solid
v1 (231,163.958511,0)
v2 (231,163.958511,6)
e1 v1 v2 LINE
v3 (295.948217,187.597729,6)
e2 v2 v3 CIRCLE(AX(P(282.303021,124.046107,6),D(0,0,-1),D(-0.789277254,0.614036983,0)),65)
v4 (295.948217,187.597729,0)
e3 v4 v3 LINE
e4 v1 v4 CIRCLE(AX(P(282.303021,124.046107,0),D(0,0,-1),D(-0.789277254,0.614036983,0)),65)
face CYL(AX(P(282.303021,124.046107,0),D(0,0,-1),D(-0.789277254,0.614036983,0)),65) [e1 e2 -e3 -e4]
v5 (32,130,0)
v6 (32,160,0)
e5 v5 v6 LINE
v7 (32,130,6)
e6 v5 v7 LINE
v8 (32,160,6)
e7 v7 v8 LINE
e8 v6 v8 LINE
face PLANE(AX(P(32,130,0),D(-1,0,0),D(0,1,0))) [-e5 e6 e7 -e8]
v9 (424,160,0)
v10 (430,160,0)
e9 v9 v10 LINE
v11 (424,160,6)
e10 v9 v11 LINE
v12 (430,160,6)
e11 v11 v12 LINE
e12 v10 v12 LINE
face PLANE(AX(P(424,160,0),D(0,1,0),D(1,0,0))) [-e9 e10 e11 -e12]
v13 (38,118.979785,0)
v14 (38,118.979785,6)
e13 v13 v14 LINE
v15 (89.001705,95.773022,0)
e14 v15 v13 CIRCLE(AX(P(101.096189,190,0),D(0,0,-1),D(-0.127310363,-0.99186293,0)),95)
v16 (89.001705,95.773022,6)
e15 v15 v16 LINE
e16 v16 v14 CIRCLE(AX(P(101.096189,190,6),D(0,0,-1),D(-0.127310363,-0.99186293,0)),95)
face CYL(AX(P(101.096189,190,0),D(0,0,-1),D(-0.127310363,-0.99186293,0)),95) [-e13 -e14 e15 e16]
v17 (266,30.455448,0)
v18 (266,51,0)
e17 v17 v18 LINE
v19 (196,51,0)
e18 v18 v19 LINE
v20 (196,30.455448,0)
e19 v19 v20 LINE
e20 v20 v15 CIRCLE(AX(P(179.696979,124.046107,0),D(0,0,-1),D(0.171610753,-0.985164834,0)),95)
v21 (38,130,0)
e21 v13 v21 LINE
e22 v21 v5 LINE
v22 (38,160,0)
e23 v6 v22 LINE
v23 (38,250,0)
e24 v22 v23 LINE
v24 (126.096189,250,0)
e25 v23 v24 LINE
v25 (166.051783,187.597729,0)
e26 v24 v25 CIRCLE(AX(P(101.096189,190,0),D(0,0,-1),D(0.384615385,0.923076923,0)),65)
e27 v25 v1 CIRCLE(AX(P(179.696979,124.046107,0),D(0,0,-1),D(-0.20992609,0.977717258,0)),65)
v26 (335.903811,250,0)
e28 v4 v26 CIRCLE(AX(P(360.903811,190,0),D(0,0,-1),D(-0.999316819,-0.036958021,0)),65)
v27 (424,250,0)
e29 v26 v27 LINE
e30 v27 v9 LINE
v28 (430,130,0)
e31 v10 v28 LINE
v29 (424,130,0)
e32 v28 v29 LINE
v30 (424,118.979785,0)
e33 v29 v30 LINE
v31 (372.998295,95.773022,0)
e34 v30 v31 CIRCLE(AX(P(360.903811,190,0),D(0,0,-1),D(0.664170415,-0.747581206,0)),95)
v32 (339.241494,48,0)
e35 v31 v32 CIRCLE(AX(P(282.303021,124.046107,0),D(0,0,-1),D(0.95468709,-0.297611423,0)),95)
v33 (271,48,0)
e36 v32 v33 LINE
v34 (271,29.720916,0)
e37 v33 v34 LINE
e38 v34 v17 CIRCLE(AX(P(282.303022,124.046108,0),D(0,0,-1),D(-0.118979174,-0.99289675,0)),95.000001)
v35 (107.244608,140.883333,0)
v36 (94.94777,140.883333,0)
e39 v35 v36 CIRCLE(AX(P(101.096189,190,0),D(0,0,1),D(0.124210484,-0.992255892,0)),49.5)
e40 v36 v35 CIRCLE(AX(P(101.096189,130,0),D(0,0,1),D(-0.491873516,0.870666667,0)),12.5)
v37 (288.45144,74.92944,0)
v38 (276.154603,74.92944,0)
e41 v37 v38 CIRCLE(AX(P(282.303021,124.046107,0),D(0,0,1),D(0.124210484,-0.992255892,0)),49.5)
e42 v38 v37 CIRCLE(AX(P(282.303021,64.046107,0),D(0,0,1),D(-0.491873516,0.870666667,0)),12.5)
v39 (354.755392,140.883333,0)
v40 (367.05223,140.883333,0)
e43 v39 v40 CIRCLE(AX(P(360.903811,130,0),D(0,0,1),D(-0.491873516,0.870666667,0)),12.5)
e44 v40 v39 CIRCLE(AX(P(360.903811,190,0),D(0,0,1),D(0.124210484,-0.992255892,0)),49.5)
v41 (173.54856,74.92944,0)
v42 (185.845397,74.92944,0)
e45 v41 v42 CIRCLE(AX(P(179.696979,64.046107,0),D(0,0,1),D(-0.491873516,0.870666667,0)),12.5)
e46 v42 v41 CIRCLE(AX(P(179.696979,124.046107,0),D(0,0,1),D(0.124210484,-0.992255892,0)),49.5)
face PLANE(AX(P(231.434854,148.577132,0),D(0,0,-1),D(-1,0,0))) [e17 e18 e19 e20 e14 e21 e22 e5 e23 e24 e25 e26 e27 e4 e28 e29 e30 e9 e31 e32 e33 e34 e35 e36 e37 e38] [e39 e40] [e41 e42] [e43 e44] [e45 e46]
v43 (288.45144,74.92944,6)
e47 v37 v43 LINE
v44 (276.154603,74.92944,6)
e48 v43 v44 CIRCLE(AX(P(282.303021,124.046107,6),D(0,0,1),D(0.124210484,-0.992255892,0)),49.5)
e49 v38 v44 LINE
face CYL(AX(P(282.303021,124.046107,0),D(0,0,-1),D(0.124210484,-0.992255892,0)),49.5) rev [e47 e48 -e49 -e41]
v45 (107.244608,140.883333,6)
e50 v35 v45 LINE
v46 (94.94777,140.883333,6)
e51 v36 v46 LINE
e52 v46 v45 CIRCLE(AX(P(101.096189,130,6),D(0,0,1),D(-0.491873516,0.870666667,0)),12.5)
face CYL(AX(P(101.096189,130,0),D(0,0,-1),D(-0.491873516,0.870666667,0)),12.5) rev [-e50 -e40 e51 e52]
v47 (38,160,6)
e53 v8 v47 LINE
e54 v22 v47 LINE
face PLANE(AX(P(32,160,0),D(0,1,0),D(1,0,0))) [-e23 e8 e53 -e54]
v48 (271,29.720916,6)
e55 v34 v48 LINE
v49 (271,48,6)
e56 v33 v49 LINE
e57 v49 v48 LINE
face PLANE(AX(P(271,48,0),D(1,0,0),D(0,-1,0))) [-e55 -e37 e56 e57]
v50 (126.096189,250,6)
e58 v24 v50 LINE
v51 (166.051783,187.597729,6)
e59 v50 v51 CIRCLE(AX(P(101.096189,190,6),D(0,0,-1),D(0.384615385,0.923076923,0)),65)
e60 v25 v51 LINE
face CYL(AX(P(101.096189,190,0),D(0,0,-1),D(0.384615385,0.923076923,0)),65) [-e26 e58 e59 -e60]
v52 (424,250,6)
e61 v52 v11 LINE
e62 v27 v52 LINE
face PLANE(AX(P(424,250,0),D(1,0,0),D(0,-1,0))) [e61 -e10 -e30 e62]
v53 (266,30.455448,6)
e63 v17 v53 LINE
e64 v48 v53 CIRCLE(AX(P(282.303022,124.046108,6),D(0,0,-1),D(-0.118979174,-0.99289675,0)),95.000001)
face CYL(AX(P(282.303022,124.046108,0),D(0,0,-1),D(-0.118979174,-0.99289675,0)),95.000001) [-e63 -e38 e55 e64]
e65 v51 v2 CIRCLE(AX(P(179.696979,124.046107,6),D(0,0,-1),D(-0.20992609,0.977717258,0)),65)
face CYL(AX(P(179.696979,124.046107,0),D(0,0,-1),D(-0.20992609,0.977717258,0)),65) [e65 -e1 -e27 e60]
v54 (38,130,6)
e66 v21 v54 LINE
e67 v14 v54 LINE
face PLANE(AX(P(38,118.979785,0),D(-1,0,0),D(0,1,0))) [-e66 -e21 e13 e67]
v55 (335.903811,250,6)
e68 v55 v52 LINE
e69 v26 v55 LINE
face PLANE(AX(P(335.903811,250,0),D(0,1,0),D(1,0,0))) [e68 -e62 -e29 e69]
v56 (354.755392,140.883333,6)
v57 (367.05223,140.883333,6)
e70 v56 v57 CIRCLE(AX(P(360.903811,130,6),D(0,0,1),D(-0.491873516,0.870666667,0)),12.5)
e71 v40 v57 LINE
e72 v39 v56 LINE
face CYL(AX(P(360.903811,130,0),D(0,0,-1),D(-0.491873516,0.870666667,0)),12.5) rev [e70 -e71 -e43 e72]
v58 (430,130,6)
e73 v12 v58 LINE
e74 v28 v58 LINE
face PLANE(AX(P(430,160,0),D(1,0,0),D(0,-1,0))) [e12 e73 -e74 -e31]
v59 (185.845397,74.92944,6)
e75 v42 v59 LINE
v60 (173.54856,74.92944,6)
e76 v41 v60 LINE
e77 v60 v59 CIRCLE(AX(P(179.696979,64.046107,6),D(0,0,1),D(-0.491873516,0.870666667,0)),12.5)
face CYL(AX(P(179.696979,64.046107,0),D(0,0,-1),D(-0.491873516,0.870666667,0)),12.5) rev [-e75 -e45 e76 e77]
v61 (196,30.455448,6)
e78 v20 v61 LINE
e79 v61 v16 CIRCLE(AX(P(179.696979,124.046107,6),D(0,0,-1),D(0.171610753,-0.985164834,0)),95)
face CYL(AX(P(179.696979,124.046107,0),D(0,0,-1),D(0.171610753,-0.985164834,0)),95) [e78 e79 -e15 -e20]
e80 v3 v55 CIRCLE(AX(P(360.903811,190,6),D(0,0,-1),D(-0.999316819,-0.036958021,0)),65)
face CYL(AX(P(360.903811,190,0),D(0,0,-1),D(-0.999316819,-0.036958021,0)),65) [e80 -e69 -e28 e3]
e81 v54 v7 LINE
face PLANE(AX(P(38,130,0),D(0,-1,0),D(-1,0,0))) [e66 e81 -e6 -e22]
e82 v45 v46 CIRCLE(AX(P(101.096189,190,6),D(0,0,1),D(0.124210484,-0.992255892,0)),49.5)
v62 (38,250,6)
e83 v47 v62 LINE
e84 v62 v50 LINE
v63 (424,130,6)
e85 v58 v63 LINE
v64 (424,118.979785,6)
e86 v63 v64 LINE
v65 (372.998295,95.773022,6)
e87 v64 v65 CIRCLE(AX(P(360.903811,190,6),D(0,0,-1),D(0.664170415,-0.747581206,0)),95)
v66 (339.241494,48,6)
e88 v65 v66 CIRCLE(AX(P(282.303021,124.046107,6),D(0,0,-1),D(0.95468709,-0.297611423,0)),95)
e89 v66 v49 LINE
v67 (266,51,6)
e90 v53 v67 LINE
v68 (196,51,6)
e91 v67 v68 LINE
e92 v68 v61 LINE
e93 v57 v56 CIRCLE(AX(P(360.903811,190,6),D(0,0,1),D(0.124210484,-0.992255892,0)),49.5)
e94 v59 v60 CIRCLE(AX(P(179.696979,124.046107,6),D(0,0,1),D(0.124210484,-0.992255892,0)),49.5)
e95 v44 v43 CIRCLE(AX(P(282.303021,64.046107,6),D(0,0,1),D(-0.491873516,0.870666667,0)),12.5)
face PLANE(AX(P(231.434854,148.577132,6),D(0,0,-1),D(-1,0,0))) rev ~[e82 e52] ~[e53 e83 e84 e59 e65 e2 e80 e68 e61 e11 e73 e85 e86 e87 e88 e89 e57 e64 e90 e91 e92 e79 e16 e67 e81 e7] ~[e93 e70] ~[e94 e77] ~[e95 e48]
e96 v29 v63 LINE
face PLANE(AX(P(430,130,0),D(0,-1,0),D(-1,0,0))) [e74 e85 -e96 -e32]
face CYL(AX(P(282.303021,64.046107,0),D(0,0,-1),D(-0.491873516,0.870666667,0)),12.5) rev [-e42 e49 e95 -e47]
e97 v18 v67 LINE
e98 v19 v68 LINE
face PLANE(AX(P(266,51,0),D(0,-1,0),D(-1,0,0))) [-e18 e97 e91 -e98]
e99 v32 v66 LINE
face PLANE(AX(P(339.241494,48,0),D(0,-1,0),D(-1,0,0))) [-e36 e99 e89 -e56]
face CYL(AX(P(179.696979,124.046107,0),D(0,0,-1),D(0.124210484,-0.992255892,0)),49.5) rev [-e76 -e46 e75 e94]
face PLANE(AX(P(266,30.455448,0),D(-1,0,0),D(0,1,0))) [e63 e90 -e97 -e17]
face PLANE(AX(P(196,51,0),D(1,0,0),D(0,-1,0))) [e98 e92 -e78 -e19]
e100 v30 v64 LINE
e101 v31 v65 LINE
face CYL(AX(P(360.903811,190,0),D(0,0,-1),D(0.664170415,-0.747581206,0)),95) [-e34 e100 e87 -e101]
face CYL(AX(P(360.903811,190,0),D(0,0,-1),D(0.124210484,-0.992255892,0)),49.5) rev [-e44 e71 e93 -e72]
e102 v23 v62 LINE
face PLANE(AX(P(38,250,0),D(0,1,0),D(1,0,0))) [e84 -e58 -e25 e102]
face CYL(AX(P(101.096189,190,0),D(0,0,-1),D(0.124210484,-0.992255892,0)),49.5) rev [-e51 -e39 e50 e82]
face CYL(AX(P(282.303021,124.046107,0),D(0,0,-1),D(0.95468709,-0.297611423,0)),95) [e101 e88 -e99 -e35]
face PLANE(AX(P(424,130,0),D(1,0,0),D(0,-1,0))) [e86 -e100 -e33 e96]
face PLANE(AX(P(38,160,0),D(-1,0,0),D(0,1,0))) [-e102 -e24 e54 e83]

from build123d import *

# Parameters (mm, degrees)
EXTRUDE_1_DEPTH = 6


with BuildPart() as part:
    # Эскиз1 → Бобышка-Вытянуть1 (new body)
    with BuildSketch(Plane.XY):
        with BuildLine():
            Line((424, 250), (424, 160))
            Line((424, 160), (430, 160))
            Line((430, 160), (430, 130))
            Line((430, 130), (424, 130))
            Line((424, 130), (424, 118.979785419))
            ThreePointArc((424, 118.979785419), (400.249049588, 103.530628738), (372.998295097, 95.773021676))
            ThreePointArc((372.998295097, 95.773021676), (359.88843335, 69.223630945), (339.241493801, 48))
            Line((339.241493801, 48), (271, 48))
            Line((271, 48), (271, 29.720915629))
            ThreePointArc((271, 29.720915629), (268.495114821, 30.054927971), (266, 30.455447679))
            Line((266, 30.455447679), (266, 51))
            Line((266, 51), (196, 51))
            Line((196, 51), (196, 30.455447679))
            ThreePointArc((196, 30.455447679), (130.198007186, 42.960646788), (89.001704904, 95.773021676))
            ThreePointArc((89.001704904, 95.773021676), (61.750950412, 103.530628738), (38, 118.979785419))
            Line((38, 118.979785419), (38, 130))
            Line((38, 130), (32, 130))
            Line((32, 130), (32, 160))
            Line((32, 160), (38, 160))
            Line((38, 160), (38, 250))
            Line((38, 250), (126.096189432, 250))
            ThreePointArc((126.096189432, 250), (155.836604626, 225.049778093), (166.051782667, 187.59772866))
            ThreePointArc((166.051782667, 187.59772866), (201.928287817, 185.126127233), (231, 163.958510782))
            ThreePointArc((231, 163.958510782), (260.071712183, 185.126127233), (295.948217333, 187.59772866))
            ThreePointArc((295.948217333, 187.59772866), (306.163395374, 225.049778093), (335.903810568, 250))
            Line((335.903810568, 250), (424, 250))
        make_face()
        with BuildLine():
            ThreePointArc((107.24460838, 140.883333333), (101.096189432, 239.5), (94.947770485, 140.883333333))
            ThreePointArc((94.947770485, 140.883333333), (101.096189432, 117.5), (107.24460838, 140.883333333))
        make_face(mode=Mode.SUBTRACT)
        with BuildLine():
            ThreePointArc((185.845397449, 74.929440215), (179.696978501, 173.546106882), (173.548559554, 74.929440215))
            ThreePointArc((173.548559554, 74.929440215), (179.696978501, 51.546106882), (185.845397449, 74.929440215))
        make_face(mode=Mode.SUBTRACT)
        with BuildLine():
            ThreePointArc((288.451440446, 74.929440215), (282.303021499, 173.546106882), (276.154602551, 74.929440215))
            ThreePointArc((276.154602551, 74.929440215), (282.303021499, 51.546106882), (288.451440446, 74.929440215))
        make_face(mode=Mode.SUBTRACT)
        with BuildLine():
            ThreePointArc((367.052229515, 140.883333333), (360.903810568, 239.5), (354.75539162, 140.883333333))
            ThreePointArc((354.75539162, 140.883333333), (360.903810568, 117.5), (367.052229515, 140.883333333))
        make_face(mode=Mode.SUBTRACT)
    extrude(amount=EXTRUDE_1_DEPTH)


solid = part.part
